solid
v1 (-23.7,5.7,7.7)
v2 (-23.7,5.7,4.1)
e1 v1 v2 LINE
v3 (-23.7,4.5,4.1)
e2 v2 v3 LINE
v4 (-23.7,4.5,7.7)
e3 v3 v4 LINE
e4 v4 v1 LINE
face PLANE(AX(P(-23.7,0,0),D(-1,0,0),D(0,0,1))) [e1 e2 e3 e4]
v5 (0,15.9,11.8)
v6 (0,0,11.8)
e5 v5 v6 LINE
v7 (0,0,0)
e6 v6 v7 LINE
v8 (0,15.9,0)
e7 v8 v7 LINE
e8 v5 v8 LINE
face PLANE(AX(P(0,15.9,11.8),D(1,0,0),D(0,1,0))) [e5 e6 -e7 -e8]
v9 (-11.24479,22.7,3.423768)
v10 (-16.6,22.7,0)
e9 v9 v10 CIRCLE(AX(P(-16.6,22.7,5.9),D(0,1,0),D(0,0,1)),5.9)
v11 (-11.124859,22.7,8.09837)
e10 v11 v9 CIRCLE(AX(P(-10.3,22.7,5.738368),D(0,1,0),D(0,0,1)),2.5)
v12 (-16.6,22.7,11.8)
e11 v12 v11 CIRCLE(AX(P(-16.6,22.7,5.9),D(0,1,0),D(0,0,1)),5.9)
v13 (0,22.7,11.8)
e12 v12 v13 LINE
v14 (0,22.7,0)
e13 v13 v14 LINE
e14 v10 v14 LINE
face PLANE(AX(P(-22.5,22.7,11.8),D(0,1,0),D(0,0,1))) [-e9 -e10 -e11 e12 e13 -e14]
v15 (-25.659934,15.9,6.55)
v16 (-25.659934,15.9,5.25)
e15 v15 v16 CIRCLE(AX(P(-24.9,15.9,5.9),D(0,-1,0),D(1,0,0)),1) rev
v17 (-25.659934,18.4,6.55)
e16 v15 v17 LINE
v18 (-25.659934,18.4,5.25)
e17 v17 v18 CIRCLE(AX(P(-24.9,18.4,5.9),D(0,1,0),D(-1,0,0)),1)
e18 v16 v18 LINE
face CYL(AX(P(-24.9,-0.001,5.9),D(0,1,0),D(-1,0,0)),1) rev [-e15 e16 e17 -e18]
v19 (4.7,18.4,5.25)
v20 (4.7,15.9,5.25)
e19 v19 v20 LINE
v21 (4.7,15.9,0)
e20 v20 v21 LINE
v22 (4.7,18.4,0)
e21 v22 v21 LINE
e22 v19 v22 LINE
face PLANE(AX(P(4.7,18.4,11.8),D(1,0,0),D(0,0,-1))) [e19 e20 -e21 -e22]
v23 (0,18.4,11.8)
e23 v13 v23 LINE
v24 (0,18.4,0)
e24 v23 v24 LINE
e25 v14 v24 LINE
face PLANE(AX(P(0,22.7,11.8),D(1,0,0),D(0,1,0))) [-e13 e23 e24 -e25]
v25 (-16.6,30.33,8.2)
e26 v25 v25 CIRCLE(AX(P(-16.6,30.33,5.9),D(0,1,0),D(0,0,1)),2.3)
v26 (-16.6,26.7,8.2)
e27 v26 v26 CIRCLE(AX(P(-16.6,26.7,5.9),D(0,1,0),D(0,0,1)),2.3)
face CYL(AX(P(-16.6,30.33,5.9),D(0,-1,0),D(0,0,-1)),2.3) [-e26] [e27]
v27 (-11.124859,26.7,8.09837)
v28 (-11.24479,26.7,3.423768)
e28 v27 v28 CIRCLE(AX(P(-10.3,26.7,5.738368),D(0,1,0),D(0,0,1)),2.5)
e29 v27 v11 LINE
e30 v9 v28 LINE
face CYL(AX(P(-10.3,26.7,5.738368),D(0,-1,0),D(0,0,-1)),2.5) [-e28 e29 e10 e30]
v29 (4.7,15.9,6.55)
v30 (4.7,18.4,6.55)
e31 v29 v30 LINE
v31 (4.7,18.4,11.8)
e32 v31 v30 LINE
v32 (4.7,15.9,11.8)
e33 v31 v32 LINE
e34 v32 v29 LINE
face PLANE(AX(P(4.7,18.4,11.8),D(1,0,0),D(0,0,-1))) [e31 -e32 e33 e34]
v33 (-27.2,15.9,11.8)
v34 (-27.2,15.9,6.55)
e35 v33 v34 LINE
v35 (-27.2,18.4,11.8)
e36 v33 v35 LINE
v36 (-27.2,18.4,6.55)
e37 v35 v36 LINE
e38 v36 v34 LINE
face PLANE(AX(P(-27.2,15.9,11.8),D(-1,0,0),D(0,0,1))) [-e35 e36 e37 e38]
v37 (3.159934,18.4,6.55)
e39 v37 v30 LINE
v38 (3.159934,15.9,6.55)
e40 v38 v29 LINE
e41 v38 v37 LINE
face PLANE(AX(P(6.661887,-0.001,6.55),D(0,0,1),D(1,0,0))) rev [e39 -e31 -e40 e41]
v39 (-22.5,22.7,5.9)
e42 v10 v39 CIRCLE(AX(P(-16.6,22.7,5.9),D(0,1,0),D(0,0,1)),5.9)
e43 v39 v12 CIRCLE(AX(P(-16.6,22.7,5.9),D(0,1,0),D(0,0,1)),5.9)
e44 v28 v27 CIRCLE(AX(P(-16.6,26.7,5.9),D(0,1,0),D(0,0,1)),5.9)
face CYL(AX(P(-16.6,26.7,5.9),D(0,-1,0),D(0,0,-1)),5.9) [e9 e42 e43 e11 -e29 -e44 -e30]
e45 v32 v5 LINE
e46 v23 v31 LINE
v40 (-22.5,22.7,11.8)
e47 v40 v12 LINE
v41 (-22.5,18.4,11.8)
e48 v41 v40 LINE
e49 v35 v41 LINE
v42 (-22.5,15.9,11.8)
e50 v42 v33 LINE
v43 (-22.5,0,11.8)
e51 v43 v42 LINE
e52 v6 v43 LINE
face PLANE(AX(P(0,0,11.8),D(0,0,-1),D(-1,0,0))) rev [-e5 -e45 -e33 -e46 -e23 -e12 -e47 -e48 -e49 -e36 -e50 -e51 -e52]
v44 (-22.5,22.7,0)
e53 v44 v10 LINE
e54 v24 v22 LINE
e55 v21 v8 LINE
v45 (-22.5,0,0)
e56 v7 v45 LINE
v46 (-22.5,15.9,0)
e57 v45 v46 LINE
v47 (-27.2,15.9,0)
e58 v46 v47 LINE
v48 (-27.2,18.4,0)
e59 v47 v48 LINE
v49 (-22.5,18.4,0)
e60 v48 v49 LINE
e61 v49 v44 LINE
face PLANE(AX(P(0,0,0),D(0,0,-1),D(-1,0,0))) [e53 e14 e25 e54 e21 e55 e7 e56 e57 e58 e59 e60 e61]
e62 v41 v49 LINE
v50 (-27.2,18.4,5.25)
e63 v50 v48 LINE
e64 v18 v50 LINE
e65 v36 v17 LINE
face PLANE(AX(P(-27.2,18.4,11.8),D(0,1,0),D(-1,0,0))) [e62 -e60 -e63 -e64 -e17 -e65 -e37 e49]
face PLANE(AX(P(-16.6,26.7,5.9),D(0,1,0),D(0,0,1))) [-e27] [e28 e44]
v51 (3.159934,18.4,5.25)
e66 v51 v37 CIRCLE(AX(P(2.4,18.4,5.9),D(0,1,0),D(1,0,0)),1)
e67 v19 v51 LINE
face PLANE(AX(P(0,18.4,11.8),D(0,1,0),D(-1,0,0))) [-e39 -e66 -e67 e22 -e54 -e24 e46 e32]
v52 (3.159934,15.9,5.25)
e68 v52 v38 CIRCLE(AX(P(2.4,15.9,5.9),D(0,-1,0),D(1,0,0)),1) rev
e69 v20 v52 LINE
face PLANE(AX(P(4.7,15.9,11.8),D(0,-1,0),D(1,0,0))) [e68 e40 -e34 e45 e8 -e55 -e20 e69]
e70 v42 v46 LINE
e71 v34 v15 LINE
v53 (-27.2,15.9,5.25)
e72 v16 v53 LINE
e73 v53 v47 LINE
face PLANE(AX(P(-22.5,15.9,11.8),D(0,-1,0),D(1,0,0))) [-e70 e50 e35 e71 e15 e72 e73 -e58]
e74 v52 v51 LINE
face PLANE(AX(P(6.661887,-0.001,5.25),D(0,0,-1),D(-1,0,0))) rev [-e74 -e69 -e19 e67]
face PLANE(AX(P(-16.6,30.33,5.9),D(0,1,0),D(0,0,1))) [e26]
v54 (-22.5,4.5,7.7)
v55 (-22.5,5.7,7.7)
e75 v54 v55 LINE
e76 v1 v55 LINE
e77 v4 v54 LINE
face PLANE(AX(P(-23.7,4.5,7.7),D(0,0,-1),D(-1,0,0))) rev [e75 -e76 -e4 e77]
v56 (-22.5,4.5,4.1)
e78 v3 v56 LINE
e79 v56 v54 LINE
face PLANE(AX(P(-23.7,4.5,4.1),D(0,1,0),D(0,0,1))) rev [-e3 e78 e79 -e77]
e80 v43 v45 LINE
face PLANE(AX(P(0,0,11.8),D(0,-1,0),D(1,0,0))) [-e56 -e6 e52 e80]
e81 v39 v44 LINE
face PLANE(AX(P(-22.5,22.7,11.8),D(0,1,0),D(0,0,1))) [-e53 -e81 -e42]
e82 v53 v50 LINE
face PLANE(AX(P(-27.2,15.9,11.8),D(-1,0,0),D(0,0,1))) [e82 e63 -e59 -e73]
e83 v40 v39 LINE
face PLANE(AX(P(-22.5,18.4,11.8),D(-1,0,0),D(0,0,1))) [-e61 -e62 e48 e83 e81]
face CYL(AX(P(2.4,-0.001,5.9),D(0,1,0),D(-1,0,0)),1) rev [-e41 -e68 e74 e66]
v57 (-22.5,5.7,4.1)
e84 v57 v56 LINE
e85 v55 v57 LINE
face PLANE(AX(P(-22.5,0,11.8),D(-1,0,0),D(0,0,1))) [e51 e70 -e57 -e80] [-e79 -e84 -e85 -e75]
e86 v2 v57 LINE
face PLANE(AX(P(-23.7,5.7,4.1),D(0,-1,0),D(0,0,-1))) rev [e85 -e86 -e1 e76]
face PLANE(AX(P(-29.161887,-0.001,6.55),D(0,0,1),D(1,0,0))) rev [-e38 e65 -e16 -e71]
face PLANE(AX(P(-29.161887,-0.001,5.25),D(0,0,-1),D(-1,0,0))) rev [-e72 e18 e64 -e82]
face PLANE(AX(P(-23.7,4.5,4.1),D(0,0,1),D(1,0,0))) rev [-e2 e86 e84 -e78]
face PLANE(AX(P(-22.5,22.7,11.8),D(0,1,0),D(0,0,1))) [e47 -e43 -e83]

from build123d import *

# Parameters (mm, degrees)
BOSS_EXTRU_1_DEPTH      = 11.8
ESQUISSE2_R             = 5.9
BOSS_EXTRU_3_DEPTH      = 4
ESQUISSE3_R             = 2.5
BOSS_EXTRU_4_DEPTH      = 4
ESQUISSE5_R             = 2.3
BOSS_EXTRU_5_DEPTH      = 3.63
ENL_V_MAT_EXTRU_7_REACH = 20.4
ESQUISSE16_W            = 3.6
ESQUISSE16_H            = 1.2
BOSS_EXTRU_8_DEPTH      = 1.2


with BuildPart() as part:
    # Esquisse1 → Boss.-Extru.1 (new body)
    with BuildSketch(Plane.XY):
        Polygon((0, 0), (-22.5, 0), (-22.5, 15.9), (-27.2, 15.9), (-27.2, 18.4), (-22.5, 18.4), (-22.5, 22.7), (0, 22.7), (0, 18.4), (4.7, 18.4), (4.7, 15.9), (0, 15.9), align=None)
    extrude(amount=BOSS_EXTRU_1_DEPTH)

    # Esquisse2 → Boss.-Extru.3 (add)
    with BuildSketch(Plane(origin=(0, 22.7, 0), x_dir=(1, 0, 0), z_dir=(0, 1, 0))):
        with Locations((-16.6, -5.9)):
            Circle(ESQUISSE2_R)
    extrude(amount=BOSS_EXTRU_3_DEPTH)

    # Esquisse3 → Boss.-Extru.4 (add)
    with BuildSketch(Plane(origin=(0, 22.7, 0), x_dir=(1, 0, 0), z_dir=(0, 1, 0))):
        with Locations((-10.3, -5.738368037)):
            Circle(ESQUISSE3_R)
    extrude(amount=BOSS_EXTRU_4_DEPTH)

    # Esquisse5 → Boss.-Extru.5 (add)
    with BuildSketch(Plane(origin=(0, 26.7, 0), x_dir=(1, 0, 0), z_dir=(0, 1, 0))):
        with Locations((-16.6, -5.9)):
            Circle(ESQUISSE5_R)
    extrude(amount=BOSS_EXTRU_5_DEPTH)

    # Esquisse6 → Enlèv. mat.-Extru.7 (cut, up to next)
    with BuildSketch(Plane(origin=(0, 18.4, 0), x_dir=(1, 0, 0), z_dir=(0, 1, 0)), mode=Mode.PRIVATE) as enl_v_mat_extru_7_sk1:
        with BuildLine():
            Line((6.661887407, -5.9), (6.661887407, -5.25))
            Line((6.661887407, -5.25), (3.159934208, -5.25))
            ThreePointArc((3.159934208, -5.25), (1.4, -5.9), (3.159934208, -6.55))
            Line((3.159934208, -6.55), (6.661887407, -6.55))
            Line((6.661887407, -6.55), (6.661887407, -5.9))
        make_face()
    enl_v_mat_extru_7_tool1 = extrude(enl_v_mat_extru_7_sk1.sketch, amount=-ENL_V_MAT_EXTRU_7_REACH, mode=Mode.PRIVATE) & part.part
    add(enl_v_mat_extru_7_tool1.solids().sort_by_distance((3.903633, 18.4, 5.9))[0], mode=Mode.SUBTRACT)
    # Esquisse6 → Enlèv. mat.-Extru.7 (cut, up to next)
    with BuildSketch(Plane(origin=(0, 18.4, 0), x_dir=(1, 0, 0), z_dir=(0, 1, 0)), mode=Mode.PRIVATE) as enl_v_mat_extru_7_sk2:
        with BuildLine():
            Line((-29.161887407, -5.25), (-25.659934208, -5.25))
            ThreePointArc((-25.659934208, -5.25), (-23.9, -5.9), (-25.659934208, -6.55))
            Line((-25.659934208, -6.55), (-29.161887407, -6.55))
            Line((-29.161887407, -6.55), (-29.161887407, -5.9))
            Line((-29.161887407, -5.9), (-29.161887407, -5.25))
        make_face()
    enl_v_mat_extru_7_tool2 = extrude(enl_v_mat_extru_7_sk2.sketch, amount=-ENL_V_MAT_EXTRU_7_REACH, mode=Mode.PRIVATE) & part.part
    add(enl_v_mat_extru_7_tool2.solids().sort_by_distance((-26.403633, 18.4, 5.9))[0], mode=Mode.SUBTRACT)

    # Esquisse16 → Boss.-Extru.8 (add)
    with BuildSketch(Plane.ZY.offset(22.5)):
        with Locations((5.9, 5.1)):
            Rectangle(ESQUISSE16_W, ESQUISSE16_H)
    extrude(amount=BOSS_EXTRU_8_DEPTH)


solid = part.part
